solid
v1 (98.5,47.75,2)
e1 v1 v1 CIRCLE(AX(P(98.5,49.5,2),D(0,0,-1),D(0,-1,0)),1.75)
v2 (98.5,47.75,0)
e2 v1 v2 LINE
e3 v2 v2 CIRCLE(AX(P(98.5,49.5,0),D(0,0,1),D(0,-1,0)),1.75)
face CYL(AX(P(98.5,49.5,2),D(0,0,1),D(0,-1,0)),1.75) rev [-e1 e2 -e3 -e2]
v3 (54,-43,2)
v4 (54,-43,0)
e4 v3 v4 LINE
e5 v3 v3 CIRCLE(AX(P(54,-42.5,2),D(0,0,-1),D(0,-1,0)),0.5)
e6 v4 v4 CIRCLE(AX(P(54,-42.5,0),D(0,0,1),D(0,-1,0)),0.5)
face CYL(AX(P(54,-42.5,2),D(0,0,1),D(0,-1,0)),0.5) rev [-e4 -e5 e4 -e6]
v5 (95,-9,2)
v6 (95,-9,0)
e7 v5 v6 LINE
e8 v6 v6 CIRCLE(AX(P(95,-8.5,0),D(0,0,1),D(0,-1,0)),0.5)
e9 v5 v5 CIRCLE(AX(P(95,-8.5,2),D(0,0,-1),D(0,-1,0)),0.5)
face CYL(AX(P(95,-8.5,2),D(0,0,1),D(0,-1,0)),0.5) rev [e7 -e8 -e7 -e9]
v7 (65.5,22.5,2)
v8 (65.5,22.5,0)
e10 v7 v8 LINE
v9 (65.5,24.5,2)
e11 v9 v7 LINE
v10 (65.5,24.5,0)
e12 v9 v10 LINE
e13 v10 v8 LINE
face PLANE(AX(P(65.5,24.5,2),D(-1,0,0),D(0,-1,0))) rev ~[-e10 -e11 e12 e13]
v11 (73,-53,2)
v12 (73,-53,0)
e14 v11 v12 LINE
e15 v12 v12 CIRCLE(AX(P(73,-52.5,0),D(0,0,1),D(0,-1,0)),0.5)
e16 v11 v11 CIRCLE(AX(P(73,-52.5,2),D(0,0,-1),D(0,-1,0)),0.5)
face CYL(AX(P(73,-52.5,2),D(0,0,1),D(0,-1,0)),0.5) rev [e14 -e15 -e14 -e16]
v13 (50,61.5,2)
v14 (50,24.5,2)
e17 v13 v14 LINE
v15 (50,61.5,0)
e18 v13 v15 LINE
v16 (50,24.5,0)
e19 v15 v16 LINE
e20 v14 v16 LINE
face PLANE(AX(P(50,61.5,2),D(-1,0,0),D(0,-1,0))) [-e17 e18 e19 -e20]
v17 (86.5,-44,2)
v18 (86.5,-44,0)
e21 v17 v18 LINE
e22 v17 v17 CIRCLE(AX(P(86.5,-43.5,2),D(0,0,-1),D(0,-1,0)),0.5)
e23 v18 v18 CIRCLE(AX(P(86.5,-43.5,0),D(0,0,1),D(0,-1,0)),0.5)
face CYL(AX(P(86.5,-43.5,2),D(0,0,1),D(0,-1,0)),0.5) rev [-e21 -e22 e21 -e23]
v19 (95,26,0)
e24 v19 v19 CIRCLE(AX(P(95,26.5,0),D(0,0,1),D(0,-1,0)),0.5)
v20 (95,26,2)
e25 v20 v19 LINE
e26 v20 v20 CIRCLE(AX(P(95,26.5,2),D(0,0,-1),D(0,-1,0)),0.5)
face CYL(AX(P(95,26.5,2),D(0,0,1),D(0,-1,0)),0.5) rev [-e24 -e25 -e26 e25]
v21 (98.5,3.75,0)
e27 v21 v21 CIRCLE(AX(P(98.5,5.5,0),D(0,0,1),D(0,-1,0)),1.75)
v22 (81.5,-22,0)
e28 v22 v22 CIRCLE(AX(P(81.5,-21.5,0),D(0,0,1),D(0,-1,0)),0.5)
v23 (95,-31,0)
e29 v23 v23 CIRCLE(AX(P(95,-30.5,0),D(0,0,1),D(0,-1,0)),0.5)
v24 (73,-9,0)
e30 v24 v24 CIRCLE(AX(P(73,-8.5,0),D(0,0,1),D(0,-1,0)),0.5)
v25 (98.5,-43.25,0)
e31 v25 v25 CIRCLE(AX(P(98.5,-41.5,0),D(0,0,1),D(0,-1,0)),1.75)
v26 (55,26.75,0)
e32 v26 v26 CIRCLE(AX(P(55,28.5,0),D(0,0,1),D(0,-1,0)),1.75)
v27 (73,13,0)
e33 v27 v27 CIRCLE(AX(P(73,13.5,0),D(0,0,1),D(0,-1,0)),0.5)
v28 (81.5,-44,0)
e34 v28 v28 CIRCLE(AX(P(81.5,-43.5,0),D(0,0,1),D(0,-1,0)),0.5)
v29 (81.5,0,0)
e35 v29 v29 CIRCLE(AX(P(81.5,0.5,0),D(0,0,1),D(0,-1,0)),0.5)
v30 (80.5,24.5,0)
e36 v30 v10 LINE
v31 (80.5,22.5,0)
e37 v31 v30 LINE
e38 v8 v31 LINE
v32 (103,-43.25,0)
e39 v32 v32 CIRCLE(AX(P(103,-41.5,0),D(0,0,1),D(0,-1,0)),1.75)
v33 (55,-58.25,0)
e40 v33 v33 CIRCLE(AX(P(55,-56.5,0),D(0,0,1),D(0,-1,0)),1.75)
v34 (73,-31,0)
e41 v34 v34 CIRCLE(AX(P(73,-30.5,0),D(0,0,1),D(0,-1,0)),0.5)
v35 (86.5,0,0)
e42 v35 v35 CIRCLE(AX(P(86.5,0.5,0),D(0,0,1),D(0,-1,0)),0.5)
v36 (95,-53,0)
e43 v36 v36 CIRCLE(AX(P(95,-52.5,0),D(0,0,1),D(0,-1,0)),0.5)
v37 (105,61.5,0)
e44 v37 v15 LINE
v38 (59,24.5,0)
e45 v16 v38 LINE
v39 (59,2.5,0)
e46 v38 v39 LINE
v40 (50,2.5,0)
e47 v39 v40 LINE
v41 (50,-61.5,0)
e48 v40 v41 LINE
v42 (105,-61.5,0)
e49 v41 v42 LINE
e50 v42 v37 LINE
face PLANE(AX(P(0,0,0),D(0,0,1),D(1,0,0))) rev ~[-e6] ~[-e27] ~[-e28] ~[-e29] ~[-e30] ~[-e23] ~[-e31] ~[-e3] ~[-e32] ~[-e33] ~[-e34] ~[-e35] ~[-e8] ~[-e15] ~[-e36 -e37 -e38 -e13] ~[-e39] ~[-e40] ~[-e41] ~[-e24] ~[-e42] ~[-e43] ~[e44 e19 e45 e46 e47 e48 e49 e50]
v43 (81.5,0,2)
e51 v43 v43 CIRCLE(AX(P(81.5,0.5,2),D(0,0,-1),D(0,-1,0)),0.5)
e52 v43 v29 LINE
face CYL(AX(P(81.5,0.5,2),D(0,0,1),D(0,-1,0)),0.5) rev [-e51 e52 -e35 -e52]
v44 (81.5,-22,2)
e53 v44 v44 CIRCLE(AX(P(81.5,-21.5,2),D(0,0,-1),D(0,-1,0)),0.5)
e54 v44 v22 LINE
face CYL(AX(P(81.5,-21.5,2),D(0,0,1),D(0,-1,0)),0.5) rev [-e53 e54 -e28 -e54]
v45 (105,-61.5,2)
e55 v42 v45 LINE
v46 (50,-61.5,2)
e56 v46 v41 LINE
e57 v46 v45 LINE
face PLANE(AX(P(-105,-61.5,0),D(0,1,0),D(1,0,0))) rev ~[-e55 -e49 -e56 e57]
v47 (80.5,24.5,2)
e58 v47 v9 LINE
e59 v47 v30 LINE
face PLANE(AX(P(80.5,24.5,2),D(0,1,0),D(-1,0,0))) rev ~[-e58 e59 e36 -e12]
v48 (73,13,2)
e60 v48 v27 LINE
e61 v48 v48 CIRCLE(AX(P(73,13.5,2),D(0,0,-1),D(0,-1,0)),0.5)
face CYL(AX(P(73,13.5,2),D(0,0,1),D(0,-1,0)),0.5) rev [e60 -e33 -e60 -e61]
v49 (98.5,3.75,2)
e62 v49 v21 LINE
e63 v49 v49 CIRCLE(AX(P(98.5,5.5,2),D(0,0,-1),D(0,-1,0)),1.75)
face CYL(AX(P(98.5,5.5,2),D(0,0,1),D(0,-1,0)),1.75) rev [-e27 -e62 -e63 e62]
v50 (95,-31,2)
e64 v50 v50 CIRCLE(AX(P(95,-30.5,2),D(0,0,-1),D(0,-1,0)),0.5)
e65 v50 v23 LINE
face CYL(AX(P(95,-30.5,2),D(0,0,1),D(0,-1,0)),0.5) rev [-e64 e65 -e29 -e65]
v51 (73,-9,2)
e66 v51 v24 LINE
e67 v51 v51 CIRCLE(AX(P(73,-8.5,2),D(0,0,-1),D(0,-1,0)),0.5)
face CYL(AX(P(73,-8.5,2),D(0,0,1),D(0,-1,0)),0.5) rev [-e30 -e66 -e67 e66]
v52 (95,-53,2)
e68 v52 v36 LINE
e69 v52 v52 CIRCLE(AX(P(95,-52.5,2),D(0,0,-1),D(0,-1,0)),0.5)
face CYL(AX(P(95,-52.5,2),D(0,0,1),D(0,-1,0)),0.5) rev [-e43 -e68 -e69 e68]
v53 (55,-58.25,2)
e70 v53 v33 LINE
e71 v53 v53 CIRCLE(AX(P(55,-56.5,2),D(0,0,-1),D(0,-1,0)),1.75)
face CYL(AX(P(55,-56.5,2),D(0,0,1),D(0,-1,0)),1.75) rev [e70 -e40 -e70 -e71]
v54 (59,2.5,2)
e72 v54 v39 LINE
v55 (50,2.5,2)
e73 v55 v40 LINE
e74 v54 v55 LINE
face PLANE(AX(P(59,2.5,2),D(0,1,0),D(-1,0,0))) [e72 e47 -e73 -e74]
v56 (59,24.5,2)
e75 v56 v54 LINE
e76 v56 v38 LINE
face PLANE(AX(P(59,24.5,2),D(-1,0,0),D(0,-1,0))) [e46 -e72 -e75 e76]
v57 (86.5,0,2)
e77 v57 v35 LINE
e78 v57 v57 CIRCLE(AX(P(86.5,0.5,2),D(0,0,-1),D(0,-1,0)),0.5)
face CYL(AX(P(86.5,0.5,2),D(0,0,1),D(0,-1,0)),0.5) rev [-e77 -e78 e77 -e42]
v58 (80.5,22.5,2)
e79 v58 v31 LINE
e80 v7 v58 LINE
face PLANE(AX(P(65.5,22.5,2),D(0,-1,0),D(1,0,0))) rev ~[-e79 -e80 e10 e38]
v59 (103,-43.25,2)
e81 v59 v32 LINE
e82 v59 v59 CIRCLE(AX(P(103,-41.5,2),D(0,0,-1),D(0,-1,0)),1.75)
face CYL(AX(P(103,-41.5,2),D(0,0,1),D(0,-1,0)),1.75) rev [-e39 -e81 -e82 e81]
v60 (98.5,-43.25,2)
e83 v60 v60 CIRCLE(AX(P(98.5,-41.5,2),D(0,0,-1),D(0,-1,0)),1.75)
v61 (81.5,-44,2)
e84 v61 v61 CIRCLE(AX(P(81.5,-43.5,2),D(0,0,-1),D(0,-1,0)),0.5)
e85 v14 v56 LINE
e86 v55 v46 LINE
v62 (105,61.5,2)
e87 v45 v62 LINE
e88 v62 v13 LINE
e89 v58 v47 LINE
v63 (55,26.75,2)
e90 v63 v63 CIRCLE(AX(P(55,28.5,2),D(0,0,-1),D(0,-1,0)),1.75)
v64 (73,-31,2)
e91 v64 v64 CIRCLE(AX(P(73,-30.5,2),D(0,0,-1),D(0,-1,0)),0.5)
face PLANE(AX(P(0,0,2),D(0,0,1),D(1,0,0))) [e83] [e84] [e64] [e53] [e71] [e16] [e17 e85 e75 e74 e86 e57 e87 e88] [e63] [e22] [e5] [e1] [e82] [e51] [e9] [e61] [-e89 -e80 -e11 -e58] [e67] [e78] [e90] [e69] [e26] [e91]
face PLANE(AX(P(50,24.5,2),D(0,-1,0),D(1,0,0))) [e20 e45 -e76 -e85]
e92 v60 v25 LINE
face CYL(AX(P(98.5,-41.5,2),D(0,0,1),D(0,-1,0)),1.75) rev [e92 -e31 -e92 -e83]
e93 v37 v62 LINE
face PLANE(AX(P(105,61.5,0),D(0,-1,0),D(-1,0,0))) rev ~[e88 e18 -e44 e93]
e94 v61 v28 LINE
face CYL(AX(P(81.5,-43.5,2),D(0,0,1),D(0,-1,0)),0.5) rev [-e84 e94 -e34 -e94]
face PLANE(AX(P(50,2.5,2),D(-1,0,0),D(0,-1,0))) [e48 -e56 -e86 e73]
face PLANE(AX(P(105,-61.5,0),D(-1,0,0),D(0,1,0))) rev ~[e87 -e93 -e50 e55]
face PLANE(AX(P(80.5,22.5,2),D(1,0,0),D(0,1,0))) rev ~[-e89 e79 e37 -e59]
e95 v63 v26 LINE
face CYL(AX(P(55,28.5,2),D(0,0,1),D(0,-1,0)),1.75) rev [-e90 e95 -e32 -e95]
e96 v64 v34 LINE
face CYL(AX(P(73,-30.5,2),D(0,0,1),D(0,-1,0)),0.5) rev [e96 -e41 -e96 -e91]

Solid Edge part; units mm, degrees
sketch "Sketch1" plane through (0, 0, 0) normal (0, 0, 1) x (1, 0, 0)
  line L0 (-105, -61.5) -> (105, -61.5)
  line L1 (105, -61.5) -> (105, 61.5)
  line L2 (105, 61.5) -> (-105, 61.5)
  line L3 (-105, 61.5) -> (-105, -61.5)
  dimension "D1" = 123
  dimension "D2" = 210
extrude "Protrusion1" add sketch "Sketch1" along normal blind 2
hole "Hole1" at (73, -52.5, 2) direction (0, 0, -1) diameter 1 end through all
hole "Hole2" at (73, -30.5, 2) direction (0, 0, -1) diameter 1 end through all
hole "Hole3" at (73, -8.5, 2) direction (0, 0, -1) diameter 1 end through all
hole "Hole4" at (95, -8.5, 2) direction (0, 0, -1) diameter 1 end through all
hole "Hole5" at (95, -30.5, 2) direction (0, 0, -1) diameter 1 end through all
hole "Hole6" at (73, 13.5, 2) direction (0, 0, -1) diameter 1 end through all
hole "Hole7" at (95, -52.5, 2) direction (0, 0, -1) diameter 1 end through all
sketch "Sketch2" plane through (0, 0, 2) normal (0, 0, 1) x (1, 0, 0)
  line L0 (65.5, 22.5) -> (80.5, 22.5)
  line L1 (80.5, 22.5) -> (80.5, 24.5)
  line L2 (80.5, 24.5) -> (65.5, 24.5)
  line L3 (65.5, 24.5) -> (65.5, 22.5)
  dimension "D1" = 15
  dimension "D2" = 2
  dimension "D3" = 32
  dimension "D4" = 38
extrude "Cutout1" cut sketch "Sketch2" against normal through all
sketch "Sketch3" plane through (0, 0, 2) normal (0, 0, 1) x (1, 0, 0)
  line L0 (-105, -61.5) -> (50, -61.5)
  line L1 (50, 2.5) -> (50, -61.5)
  line L2 (59, 2.5) -> (50, 2.5)
  line L3 (59, 24.5) -> (59, 2.5)
  line L4 (50, 24.5) -> (59, 24.5)
  line L5 (50, 61.5) -> (50, 24.5)
  line L6 (50, 61.5) -> (-105, 61.5)
  line L7 (-105, 61.5) -> (-105, -61.5)
  dimension "D1" = 9
  dimension "D2" = 22
  dimension "D3" = 37
  dimension "D4" = 55
extrude "Ausschnitt_3" cut sketch "Sketch3" against normal blind 2
hole "Hole8" at (98.5, 49.5, 2) direction (0, 0, -1) diameter 3.5 end through all
hole "Hole9" at (98.5, -41.5, 2) direction (0, 0, -1) diameter 3.5 end through all
hole "Hole10" at (55, -56.5, 2) direction (0, 0, -1) diameter 3.5 end through all
hole "Hole11" at (98.5, 5.5, 2) direction (0, 0, -1) diameter 3.5 end through all
hole "Hole12" at (55, 28.5, 2) direction (0, 0, -1) diameter 3.5 end through all
hole "Befestigungsbohrung_Plus" at (103, -41.5, 2) direction (0, 0, -1) diameter 3.5 end through all
hole "Hole13" at (54, -42.5, 2) direction (0, 0, -1) diameter 1 end through all
hole "Inkrementalgeber" at (95, 26.5, 2) direction (0, 0, -1) diameter 1 end through all
hole "Hole14" at (81.5, -43.5, 2) direction (0, 0, -1) diameter 1 end through all
hole "Hole15" at (81.5, -21.5, 2) direction (0, 0, -1) diameter 1 end through all
hole "Hole16" at (81.5, 0.5, 2) direction (0, 0, -1) diameter 1 end through all
hole "Hole17" at (86.5, 0.5, 2) direction (0, 0, -1) diameter 1 end through all
hole "Hole18" at (86.5, -43.5, 2) direction (0, 0, -1) diameter 1 end through all
